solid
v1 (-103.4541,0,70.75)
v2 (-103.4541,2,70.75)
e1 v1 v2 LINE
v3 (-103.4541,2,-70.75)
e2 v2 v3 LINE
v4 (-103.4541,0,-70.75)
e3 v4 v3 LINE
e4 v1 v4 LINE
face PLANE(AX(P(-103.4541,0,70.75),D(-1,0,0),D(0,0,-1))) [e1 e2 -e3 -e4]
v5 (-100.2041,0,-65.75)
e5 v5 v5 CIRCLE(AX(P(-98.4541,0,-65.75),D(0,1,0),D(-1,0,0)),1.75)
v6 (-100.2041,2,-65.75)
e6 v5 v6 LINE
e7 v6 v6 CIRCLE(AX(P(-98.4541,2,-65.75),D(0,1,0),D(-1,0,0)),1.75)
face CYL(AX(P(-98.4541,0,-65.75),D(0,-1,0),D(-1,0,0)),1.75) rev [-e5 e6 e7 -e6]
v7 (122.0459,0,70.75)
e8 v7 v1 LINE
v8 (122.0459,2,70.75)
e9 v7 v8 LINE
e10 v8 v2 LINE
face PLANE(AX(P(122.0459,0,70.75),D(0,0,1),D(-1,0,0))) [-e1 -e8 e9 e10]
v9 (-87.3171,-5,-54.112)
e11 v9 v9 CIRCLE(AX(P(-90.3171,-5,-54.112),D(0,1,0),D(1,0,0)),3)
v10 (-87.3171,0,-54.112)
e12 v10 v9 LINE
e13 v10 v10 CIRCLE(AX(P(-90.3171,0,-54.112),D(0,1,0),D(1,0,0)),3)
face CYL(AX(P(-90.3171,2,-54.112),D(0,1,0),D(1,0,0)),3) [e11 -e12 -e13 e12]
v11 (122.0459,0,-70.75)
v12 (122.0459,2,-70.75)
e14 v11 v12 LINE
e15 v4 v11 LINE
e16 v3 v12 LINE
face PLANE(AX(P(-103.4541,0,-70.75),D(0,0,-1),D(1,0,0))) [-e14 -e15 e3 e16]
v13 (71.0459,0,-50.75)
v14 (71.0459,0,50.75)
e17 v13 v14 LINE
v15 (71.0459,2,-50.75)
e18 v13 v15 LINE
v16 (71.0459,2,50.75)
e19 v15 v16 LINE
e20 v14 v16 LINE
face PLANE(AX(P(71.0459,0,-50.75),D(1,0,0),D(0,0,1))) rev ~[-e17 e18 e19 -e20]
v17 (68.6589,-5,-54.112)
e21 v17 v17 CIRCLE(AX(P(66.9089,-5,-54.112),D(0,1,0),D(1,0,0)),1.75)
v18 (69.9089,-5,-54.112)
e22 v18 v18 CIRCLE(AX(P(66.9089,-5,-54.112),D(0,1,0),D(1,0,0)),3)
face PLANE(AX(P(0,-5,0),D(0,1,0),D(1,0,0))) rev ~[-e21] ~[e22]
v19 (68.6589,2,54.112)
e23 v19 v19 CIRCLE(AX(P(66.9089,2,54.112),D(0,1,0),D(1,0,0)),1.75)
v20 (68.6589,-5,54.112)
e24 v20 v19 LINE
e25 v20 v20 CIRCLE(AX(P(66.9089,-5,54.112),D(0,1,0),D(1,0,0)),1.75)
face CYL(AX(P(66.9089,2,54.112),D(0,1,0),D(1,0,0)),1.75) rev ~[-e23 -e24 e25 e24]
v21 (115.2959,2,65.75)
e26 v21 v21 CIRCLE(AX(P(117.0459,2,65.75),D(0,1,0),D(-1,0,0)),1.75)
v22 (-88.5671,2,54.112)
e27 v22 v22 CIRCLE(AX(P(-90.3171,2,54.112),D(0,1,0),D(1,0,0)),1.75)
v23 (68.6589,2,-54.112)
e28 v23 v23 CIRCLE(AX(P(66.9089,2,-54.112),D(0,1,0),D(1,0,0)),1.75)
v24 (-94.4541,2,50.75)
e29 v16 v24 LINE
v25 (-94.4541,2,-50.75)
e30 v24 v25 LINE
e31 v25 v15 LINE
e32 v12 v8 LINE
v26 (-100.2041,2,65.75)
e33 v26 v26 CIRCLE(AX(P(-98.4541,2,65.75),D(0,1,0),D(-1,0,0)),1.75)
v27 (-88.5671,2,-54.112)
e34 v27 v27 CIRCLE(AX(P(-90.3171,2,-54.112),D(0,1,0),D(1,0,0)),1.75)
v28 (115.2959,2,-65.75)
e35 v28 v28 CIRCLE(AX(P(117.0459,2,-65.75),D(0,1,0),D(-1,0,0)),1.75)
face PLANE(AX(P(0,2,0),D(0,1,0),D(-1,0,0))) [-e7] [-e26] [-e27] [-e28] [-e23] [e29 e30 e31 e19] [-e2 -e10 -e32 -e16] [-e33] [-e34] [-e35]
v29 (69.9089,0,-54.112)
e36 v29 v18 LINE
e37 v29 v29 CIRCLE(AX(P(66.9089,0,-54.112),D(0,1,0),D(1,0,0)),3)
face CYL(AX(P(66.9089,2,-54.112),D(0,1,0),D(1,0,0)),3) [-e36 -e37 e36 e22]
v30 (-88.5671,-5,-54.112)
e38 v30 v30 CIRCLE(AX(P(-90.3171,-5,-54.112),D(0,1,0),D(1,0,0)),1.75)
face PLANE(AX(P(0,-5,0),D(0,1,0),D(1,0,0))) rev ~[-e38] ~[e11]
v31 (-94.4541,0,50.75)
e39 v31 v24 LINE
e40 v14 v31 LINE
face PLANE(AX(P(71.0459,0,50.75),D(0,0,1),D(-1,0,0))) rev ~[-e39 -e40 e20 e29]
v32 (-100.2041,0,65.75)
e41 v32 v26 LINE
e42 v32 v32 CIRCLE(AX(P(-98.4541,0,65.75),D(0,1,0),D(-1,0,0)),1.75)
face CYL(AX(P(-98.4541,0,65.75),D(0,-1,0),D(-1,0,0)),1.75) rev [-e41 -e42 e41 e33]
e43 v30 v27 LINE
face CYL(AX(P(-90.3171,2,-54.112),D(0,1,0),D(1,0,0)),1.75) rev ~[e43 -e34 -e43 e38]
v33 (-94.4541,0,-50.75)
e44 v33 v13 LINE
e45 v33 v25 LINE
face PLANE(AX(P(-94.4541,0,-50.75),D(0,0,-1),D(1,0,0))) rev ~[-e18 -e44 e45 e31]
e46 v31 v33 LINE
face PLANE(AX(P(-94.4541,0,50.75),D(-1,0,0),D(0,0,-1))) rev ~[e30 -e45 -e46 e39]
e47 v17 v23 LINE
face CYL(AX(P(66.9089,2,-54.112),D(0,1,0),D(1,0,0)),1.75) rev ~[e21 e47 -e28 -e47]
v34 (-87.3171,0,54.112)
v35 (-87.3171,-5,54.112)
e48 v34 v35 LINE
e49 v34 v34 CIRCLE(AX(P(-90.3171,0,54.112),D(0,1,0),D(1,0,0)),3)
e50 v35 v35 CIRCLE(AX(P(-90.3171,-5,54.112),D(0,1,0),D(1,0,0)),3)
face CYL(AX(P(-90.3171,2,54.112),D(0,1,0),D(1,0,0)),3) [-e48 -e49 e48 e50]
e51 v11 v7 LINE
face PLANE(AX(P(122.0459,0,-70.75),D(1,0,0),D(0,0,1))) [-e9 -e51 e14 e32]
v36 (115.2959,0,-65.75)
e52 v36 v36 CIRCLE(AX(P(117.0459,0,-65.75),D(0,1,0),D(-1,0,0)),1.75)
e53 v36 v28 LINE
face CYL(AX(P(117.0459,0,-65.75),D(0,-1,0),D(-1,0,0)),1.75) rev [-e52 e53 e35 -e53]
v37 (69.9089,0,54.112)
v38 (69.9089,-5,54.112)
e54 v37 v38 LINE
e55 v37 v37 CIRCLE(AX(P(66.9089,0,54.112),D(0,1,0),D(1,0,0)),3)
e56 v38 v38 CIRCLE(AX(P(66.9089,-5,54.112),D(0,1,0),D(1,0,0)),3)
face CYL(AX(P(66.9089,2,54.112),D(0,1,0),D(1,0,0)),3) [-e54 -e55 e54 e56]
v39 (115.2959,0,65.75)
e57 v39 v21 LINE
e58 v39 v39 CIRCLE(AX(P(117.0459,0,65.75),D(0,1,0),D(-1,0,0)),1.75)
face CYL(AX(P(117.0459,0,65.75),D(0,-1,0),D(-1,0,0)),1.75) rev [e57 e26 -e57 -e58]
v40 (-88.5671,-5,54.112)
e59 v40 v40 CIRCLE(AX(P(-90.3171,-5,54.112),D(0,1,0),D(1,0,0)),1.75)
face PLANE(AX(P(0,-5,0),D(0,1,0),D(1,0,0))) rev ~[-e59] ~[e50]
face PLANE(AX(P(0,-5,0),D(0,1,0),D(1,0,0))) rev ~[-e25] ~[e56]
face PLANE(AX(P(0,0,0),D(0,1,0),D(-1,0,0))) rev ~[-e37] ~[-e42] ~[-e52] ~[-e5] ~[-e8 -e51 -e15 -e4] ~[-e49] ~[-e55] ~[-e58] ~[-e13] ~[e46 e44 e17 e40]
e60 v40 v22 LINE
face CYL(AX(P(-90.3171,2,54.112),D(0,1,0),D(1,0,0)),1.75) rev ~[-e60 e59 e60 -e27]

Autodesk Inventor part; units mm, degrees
ref_plane "YZ Plane" through (0, 0, 0) normal (1, 0, 0) x (0, 1, 0)
ref_plane "XZ Plane" through (0, 0, 0) normal (0, 1, 0) x (-1, 0, 0)
ref_plane "XY Plane" through (0, 0, 0) normal (0, 0, 1) x (1, 0, 0)
sketch "Sketch1" plane through (0, 0, 0) normal (0, 1, 0) x (-1, 0, 0)
  line L0 (103.4541, -70.75) -> (-122.0459, -70.75)
  line L1 (-122.0459, -70.75) -> (-122.0459, 70.75)
  line L2 (-122.0459, 70.75) -> (103.4541, 70.75)
  line L3 (103.4541, 70.75) -> (103.4541, -70.75)
  line L4 (94.4541, -50.75) -> (-71.0459, -50.75)
  line L5 (-71.0459, -50.75) -> (-71.0459, 50.75)
  line L6 (-71.0459, 50.75) -> (94.4541, 50.75)
  line L7 (94.4541, 50.75) -> (94.4541, -50.75)
  line L8 (11.7041, -50.75) -> (11.7041, 50.75) construction
  line L9 (94.4541, 0) -> (-71.0459, 0) construction
  circle A0 centre (98.4541, -65.75) radius 1.75
  line L10 (103.4541, -70.75) -> (98.4541, -70.75) construction
  line L11 (98.4541, -70.75) -> (98.4541, -65.75) construction
  line L12 (98.4541, -65.75) -> (103.4541, -65.75) construction
  line L13 (103.4541, -65.75) -> (103.4541, -70.75) construction
  circle A1 centre (-117.0459, -65.75) radius 1.75
  circle A2 centre (98.4541, 65.75) radius 1.75
  circle A3 centre (-117.0459, 65.75) radius 1.75
  dimension "d0" = 101.5
  dimension "d1" = 165.5
  dimension "d3" = 20
  dimension "d4" = 3.5
  dimension "d5" = 5
  dimension "d6" = 5
  dimension "d14" = 225.5
  dimension "d16" = 9
  dimension "d21" = 5
  dimension "d22" = 5
extrude "Extrusion1" add sketch "Sketch1" along normal blind 2
sketch "Sketch2" plane through (0, 2, 0) normal (0, 1, 0) x (1, 0, 0)
  line L0 (122.0459, 70.75) -> (-103.4541, 70.75) construction
  line L1 (-103.4541, -70.75) -> (122.0459, -70.75) construction
  line L2 (-103.4541, 70.75) -> (-103.4541, -70.75) construction
  line L3 (-103.4541, 0) -> (122.0459, 0) construction
  line L4 (122.0459, -70.75) -> (122.0459, 70.75) construction
  circle A0 centre (-90.3171, 54.112) radius 1.75
  circle A1 centre (66.9089, 54.112) radius 1.75
  circle A2 centre (-90.3171, -54.112) radius 1.75
  circle A3 centre (66.9089, -54.112) radius 1.75
  line L5 (71.0459, -50.75) -> (-94.4541, -50.75) construction
  line L6 (-11.7041, -50.75) -> (-11.7041, 50.75) construction
  line L7 (-94.4541, 50.75) -> (71.0459, 50.75) construction
  point P0 (0, 0)
  dimension "d9" = 3.5
  dimension "d11" = 108.224
  dimension "d17" = 157.226
extrude "Extrusion2" cut sketch "Sketch2" against normal up to next
sketch "Sketch3" plane through (0, 2, 0) normal (0, 1, 0) x (1, 0, 0)
  circle A0 centre (-90.3171, 54.112) radius 1.75 projected
  circle A1 centre (-90.3171, 54.112) radius 3
  line L0 (-94.4541, 50.75) -> (71.0459, 50.75) construction
  line L1 (-11.7041, 50.75) -> (-11.7041, -50.75) construction
  line L2 (71.0459, -50.75) -> (-94.4541, -50.75) construction
  line L3 (-94.4541, -50.75) -> (-94.4541, 50.75) construction
  line L4 (-94.4541, 0) -> (71.0459, 0) construction
  line L5 (71.0459, -50.75) -> (71.0459, 50.75) construction
  circle A2 centre (66.9089, 54.112) radius 3
  circle A3 centre (-90.3171, -54.112) radius 3
  circle A4 centre (66.9089, -54.112) radius 3
  circle A5 centre (-90.3171, -54.112) radius 1.75 projected
  circle A6 centre (66.9089, -54.112) radius 1.75 projected
  circle A7 centre (66.9089, 54.112) radius 1.75 projected
  point P0 (0, 0)
  dimension "d18" = 6
extrude "Extrusion3" add sketch "Sketch3" against normal blind 7
properties part number "touchscreen_lid"
